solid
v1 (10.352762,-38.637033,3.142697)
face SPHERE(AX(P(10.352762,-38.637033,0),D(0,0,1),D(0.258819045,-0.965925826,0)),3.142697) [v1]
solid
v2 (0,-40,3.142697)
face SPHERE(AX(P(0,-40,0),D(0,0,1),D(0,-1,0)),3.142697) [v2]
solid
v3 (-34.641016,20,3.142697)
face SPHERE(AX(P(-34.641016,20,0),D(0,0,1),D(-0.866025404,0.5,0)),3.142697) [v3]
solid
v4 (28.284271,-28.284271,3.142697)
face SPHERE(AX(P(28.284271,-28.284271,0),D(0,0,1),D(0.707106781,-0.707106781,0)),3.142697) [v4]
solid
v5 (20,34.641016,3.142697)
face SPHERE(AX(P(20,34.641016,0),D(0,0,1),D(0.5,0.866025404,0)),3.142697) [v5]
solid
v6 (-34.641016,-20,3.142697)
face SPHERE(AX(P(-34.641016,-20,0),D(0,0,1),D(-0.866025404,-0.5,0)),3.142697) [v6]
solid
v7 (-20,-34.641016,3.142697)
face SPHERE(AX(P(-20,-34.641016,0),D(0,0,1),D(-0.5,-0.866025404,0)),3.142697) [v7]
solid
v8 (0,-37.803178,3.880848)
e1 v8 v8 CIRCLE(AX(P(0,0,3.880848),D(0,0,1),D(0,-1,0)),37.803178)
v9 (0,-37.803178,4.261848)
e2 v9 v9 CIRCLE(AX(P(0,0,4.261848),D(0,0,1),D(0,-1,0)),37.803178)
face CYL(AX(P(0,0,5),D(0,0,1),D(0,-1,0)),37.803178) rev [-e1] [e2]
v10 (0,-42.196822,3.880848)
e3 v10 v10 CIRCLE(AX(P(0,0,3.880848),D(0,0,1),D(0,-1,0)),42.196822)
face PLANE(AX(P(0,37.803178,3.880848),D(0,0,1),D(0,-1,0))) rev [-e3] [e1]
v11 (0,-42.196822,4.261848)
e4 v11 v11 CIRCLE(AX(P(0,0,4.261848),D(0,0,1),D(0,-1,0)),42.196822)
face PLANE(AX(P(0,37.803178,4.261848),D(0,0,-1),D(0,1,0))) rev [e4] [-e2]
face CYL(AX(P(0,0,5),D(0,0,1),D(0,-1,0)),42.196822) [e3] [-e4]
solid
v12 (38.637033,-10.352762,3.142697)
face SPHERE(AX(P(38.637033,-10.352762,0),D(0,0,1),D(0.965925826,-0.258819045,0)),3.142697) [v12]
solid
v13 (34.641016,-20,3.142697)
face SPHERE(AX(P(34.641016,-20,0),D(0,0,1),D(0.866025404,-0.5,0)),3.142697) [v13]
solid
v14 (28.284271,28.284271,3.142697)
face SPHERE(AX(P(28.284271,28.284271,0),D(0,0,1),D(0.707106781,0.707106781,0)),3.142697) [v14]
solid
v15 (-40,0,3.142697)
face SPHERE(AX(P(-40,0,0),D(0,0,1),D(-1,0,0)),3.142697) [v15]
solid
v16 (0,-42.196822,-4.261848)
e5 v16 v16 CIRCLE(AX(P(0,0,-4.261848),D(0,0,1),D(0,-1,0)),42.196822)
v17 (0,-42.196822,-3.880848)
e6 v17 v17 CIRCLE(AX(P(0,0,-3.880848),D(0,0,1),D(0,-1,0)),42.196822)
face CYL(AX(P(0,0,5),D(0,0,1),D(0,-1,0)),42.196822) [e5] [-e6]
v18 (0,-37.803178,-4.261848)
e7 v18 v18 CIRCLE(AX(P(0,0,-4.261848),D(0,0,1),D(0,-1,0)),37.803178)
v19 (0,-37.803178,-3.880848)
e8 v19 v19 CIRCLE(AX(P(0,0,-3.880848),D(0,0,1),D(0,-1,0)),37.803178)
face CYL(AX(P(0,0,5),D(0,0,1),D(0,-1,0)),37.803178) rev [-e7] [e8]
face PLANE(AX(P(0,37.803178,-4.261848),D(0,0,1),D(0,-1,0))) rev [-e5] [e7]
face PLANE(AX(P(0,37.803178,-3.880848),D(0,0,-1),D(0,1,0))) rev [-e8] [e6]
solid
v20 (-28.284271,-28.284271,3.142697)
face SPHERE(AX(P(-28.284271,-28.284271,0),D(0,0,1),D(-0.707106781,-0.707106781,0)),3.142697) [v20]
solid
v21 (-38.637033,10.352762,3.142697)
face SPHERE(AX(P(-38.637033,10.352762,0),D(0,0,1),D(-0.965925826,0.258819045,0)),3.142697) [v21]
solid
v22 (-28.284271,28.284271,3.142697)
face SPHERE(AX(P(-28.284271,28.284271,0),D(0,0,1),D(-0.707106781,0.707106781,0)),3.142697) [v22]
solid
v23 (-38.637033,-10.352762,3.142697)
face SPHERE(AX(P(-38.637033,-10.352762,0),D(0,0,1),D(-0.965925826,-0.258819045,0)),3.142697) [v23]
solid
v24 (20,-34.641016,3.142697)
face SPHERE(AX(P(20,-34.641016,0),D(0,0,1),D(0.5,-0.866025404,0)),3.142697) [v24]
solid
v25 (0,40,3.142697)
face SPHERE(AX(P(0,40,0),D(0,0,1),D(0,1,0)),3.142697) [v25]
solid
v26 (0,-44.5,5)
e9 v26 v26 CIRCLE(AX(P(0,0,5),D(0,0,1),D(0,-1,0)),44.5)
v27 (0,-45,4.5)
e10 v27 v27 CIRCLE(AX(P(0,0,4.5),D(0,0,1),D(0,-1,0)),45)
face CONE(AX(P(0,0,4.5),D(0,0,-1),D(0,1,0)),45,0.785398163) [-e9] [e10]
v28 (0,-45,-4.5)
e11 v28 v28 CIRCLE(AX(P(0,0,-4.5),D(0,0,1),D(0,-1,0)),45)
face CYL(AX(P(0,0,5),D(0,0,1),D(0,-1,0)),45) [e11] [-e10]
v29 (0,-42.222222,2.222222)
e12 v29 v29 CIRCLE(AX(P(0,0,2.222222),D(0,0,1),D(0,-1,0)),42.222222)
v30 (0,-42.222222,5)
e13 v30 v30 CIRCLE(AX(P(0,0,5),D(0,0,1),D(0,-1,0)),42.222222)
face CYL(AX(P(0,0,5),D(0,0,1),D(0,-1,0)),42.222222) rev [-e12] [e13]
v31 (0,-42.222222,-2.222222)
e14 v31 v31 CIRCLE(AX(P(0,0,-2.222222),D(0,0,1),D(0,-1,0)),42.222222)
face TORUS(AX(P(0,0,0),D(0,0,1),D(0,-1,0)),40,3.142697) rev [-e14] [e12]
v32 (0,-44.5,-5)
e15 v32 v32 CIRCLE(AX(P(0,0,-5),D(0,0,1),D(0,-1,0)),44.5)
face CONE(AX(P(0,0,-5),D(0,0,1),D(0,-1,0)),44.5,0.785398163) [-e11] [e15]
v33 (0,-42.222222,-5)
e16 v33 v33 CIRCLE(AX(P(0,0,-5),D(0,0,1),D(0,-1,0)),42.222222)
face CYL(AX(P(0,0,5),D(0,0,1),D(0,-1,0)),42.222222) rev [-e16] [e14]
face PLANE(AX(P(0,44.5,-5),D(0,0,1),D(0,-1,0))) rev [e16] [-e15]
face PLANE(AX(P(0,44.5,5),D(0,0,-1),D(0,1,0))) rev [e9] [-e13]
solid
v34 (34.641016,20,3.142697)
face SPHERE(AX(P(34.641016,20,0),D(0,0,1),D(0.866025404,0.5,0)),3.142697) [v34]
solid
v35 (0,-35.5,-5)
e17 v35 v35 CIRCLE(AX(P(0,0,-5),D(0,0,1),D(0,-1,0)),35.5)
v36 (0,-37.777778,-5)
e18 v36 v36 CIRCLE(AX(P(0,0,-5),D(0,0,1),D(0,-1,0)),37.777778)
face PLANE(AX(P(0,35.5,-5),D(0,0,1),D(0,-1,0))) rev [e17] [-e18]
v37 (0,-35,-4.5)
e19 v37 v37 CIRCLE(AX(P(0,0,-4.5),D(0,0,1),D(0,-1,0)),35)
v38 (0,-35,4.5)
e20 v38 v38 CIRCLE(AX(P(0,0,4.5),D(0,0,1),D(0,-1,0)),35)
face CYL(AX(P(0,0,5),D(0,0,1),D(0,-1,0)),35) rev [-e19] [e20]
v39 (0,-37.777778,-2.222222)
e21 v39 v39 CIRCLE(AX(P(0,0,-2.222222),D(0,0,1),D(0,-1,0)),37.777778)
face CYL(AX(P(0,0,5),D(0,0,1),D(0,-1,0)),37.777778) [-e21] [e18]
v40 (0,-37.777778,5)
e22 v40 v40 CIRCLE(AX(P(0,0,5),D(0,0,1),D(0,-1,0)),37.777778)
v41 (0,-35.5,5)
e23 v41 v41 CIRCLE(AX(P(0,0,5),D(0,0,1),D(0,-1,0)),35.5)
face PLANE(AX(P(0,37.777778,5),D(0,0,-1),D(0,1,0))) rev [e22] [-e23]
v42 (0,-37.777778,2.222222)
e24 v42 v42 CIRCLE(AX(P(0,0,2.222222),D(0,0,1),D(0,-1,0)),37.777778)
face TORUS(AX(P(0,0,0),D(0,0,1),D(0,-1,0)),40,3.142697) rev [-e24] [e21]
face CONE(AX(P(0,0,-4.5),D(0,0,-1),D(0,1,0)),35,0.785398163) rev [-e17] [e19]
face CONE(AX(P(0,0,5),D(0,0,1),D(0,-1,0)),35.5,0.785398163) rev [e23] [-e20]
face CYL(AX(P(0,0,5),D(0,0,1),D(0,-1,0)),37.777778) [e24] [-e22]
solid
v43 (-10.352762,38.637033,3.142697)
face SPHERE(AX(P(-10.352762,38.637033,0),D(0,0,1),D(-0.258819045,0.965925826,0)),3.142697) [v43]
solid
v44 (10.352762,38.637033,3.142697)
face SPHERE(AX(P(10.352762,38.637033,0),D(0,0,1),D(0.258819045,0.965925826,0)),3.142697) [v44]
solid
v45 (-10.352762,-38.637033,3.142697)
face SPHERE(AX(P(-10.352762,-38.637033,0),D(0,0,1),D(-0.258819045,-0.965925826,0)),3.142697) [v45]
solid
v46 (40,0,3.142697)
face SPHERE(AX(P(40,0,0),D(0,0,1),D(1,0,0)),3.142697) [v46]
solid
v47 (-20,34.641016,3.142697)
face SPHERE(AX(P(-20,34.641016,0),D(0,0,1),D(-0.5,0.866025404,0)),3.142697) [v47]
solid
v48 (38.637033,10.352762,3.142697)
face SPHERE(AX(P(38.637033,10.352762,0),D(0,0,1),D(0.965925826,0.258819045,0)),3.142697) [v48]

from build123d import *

# Parameters (mm, degrees)
SKETCH5_W         = 0.381
SKETCH5_H         = 4.393644444
CIRPATTERN1_COUNT = 24


with BuildPart() as part:
    # Sketch5 → Revolve1 (revolve)
    with BuildSketch(Plane(origin=(0, 0, 0), x_dir=(0, 0, -1), z_dir=(1, 0, 0)), mode=Mode.PRIVATE) as revolve1_sk:
        with BuildLine():
            Line((4.5, 45), (-4.5, 45))
            Line((-4.5, 45), (-5, 44.5))
            Line((-5, 44.5), (-5, 42.222222222))
            Line((-5, 42.222222222), (-2.222222222, 42.222222222))
            ThreePointArc((-2.222222222, 42.222222222), (0, 43.142696805), (2.222222222, 42.222222222))
            Line((2.222222222, 42.222222222), (5, 42.222222222))
            Line((5, 42.222222222), (5, 44.5))
            Line((5, 44.5), (4.5, 45))
        make_face()
        with Locations((4.071348403, 40)):
            Rectangle(SKETCH5_W, SKETCH5_H)
        with Locations((-4.071348403, 40)):
            Rectangle(SKETCH5_W, SKETCH5_H)
    revolve(revolve1_sk.sketch.rotate(Axis((0, 0, 5), (0, 0, -1)), 180), axis=Axis((0, 0, 5), (0, 0, -1)))


with BuildPart() as body_2:
    # Sketch3 → Revolve3 (revolve)
    with BuildSketch(Plane(origin=(0, 0, 0), x_dir=(0, 0, -1), z_dir=(1, 0, 0)), mode=Mode.PRIVATE) as revolve3_sk:
        with BuildLine():
            Line((-5, 37.777777778), (-2.222222222, 37.777777778))
            ThreePointArc((-2.222222222, 37.777777778), (0, 36.857303195), (2.222222222, 37.777777778))
            Line((2.222222222, 37.777777778), (5, 37.777777778))
            Line((5, 37.777777778), (5, 35.5))
            Line((5, 35.5), (4.5, 35))
            Line((4.5, 35), (-4.5, 35))
            Line((-4.5, 35), (-5, 35.5))
            Line((-5, 35.5), (-5, 37.777777778))
        make_face()
    revolve(revolve3_sk.sketch.rotate(Axis((0, 0, 5), (0, 0, -1)), 180), axis=Axis((0, 0, 5), (0, 0, -1)))


with BuildPart() as body_3:
    # Sketch4 → Revolve4 (revolve)
    with BuildSketch(Plane(origin=(0, 0, 0), x_dir=(0, 0, -1), z_dir=(1, 0, 0))):
        with BuildLine():
            Line((-3.142696805, 40), (3.142696805, 40))
            ThreePointArc((3.142696805, 40), (0, 43.142696805), (-3.142696805, 40))
        make_face()
    revolve(axis=Axis((0, 40, 3.142696805), (0, 0, -1)))


with BuildPart() as cirpattern1_1:
    # CirPattern1: pattern copy
    add(body_3.part.rotate(Axis((0, 0, 0), (0, 0, 1)), 1 * 360 / CIRPATTERN1_COUNT))


with BuildPart() as cirpattern1_2:
    # CirPattern1: pattern copy
    add(body_3.part.rotate(Axis((0, 0, 0), (0, 0, 1)), 2 * 360 / CIRPATTERN1_COUNT))


with BuildPart() as cirpattern1_3:
    # CirPattern1: pattern copy
    add(body_3.part.rotate(Axis((0, 0, 0), (0, 0, 1)), 3 * 360 / CIRPATTERN1_COUNT))


with BuildPart() as cirpattern1_4:
    # CirPattern1: pattern copy
    add(body_3.part.rotate(Axis((0, 0, 0), (0, 0, 1)), 4 * 360 / CIRPATTERN1_COUNT))


with BuildPart() as cirpattern1_5:
    # CirPattern1: pattern copy
    add(body_3.part.rotate(Axis((0, 0, 0), (0, 0, 1)), 5 * 360 / CIRPATTERN1_COUNT))


with BuildPart() as cirpattern1_6:
    # CirPattern1: pattern copy
    add(body_3.part.rotate(Axis((0, 0, 0), (0, 0, 1)), 6 * 360 / CIRPATTERN1_COUNT))


with BuildPart() as cirpattern1_7:
    # CirPattern1: pattern copy
    add(body_3.part.rotate(Axis((0, 0, 0), (0, 0, 1)), 7 * 360 / CIRPATTERN1_COUNT))


with BuildPart() as cirpattern1_8:
    # CirPattern1: pattern copy
    add(body_3.part.rotate(Axis((0, 0, 0), (0, 0, 1)), 8 * 360 / CIRPATTERN1_COUNT))


with BuildPart() as cirpattern1_9:
    # CirPattern1: pattern copy
    add(body_3.part.rotate(Axis((0, 0, 0), (0, 0, 1)), 9 * 360 / CIRPATTERN1_COUNT))


with BuildPart() as cirpattern1_10:
    # CirPattern1: pattern copy
    add(body_3.part.rotate(Axis((0, 0, 0), (0, 0, 1)), 10 * 360 / CIRPATTERN1_COUNT))


with BuildPart() as cirpattern1_11:
    # CirPattern1: pattern copy
    add(body_3.part.rotate(Axis((0, 0, 0), (0, 0, 1)), 11 * 360 / CIRPATTERN1_COUNT))


with BuildPart() as cirpattern1_12:
    # CirPattern1: pattern copy
    add(body_3.part.rotate(Axis((0, 0, 0), (0, 0, 1)), 12 * 360 / CIRPATTERN1_COUNT))


with BuildPart() as cirpattern1_13:
    # CirPattern1: pattern copy
    add(body_3.part.rotate(Axis((0, 0, 0), (0, 0, 1)), 13 * 360 / CIRPATTERN1_COUNT))


with BuildPart() as cirpattern1_14:
    # CirPattern1: pattern copy
    add(body_3.part.rotate(Axis((0, 0, 0), (0, 0, 1)), 14 * 360 / CIRPATTERN1_COUNT))


with BuildPart() as cirpattern1_15:
    # CirPattern1: pattern copy
    add(body_3.part.rotate(Axis((0, 0, 0), (0, 0, 1)), 15 * 360 / CIRPATTERN1_COUNT))


with BuildPart() as cirpattern1_16:
    # CirPattern1: pattern copy
    add(body_3.part.rotate(Axis((0, 0, 0), (0, 0, 1)), 16 * 360 / CIRPATTERN1_COUNT))


with BuildPart() as cirpattern1_17:
    # CirPattern1: pattern copy
    add(body_3.part.rotate(Axis((0, 0, 0), (0, 0, 1)), 17 * 360 / CIRPATTERN1_COUNT))


with BuildPart() as cirpattern1_18:
    # CirPattern1: pattern copy
    add(body_3.part.rotate(Axis((0, 0, 0), (0, 0, 1)), 18 * 360 / CIRPATTERN1_COUNT))


with BuildPart() as cirpattern1_19:
    # CirPattern1: pattern copy
    add(body_3.part.rotate(Axis((0, 0, 0), (0, 0, 1)), 19 * 360 / CIRPATTERN1_COUNT))


with BuildPart() as cirpattern1_20:
    # CirPattern1: pattern copy
    add(body_3.part.rotate(Axis((0, 0, 0), (0, 0, 1)), 20 * 360 / CIRPATTERN1_COUNT))


with BuildPart() as cirpattern1_21:
    # CirPattern1: pattern copy
    add(body_3.part.rotate(Axis((0, 0, 0), (0, 0, 1)), 21 * 360 / CIRPATTERN1_COUNT))


with BuildPart() as cirpattern1_22:
    # CirPattern1: pattern copy
    add(body_3.part.rotate(Axis((0, 0, 0), (0, 0, 1)), 22 * 360 / CIRPATTERN1_COUNT))


with BuildPart() as cirpattern1_23:
    # CirPattern1: pattern copy
    add(body_3.part.rotate(Axis((0, 0, 0), (0, 0, 1)), 23 * 360 / CIRPATTERN1_COUNT))


solid = Compound([part.part, body_2.part, body_3.part, cirpattern1_1.part, cirpattern1_2.part, cirpattern1_3.part, cirpattern1_4.part, cirpattern1_5.part, cirpattern1_6.part, cirpattern1_7.part, cirpattern1_8.part, cirpattern1_9.part, cirpattern1_10.part, cirpattern1_11.part, cirpattern1_12.part, cirpattern1_13.part, cirpattern1_14.part, cirpattern1_15.part, cirpattern1_16.part, cirpattern1_17.part, cirpattern1_18.part, cirpattern1_19.part, cirpattern1_20.part, cirpattern1_21.part, cirpattern1_22.part, cirpattern1_23.part])
